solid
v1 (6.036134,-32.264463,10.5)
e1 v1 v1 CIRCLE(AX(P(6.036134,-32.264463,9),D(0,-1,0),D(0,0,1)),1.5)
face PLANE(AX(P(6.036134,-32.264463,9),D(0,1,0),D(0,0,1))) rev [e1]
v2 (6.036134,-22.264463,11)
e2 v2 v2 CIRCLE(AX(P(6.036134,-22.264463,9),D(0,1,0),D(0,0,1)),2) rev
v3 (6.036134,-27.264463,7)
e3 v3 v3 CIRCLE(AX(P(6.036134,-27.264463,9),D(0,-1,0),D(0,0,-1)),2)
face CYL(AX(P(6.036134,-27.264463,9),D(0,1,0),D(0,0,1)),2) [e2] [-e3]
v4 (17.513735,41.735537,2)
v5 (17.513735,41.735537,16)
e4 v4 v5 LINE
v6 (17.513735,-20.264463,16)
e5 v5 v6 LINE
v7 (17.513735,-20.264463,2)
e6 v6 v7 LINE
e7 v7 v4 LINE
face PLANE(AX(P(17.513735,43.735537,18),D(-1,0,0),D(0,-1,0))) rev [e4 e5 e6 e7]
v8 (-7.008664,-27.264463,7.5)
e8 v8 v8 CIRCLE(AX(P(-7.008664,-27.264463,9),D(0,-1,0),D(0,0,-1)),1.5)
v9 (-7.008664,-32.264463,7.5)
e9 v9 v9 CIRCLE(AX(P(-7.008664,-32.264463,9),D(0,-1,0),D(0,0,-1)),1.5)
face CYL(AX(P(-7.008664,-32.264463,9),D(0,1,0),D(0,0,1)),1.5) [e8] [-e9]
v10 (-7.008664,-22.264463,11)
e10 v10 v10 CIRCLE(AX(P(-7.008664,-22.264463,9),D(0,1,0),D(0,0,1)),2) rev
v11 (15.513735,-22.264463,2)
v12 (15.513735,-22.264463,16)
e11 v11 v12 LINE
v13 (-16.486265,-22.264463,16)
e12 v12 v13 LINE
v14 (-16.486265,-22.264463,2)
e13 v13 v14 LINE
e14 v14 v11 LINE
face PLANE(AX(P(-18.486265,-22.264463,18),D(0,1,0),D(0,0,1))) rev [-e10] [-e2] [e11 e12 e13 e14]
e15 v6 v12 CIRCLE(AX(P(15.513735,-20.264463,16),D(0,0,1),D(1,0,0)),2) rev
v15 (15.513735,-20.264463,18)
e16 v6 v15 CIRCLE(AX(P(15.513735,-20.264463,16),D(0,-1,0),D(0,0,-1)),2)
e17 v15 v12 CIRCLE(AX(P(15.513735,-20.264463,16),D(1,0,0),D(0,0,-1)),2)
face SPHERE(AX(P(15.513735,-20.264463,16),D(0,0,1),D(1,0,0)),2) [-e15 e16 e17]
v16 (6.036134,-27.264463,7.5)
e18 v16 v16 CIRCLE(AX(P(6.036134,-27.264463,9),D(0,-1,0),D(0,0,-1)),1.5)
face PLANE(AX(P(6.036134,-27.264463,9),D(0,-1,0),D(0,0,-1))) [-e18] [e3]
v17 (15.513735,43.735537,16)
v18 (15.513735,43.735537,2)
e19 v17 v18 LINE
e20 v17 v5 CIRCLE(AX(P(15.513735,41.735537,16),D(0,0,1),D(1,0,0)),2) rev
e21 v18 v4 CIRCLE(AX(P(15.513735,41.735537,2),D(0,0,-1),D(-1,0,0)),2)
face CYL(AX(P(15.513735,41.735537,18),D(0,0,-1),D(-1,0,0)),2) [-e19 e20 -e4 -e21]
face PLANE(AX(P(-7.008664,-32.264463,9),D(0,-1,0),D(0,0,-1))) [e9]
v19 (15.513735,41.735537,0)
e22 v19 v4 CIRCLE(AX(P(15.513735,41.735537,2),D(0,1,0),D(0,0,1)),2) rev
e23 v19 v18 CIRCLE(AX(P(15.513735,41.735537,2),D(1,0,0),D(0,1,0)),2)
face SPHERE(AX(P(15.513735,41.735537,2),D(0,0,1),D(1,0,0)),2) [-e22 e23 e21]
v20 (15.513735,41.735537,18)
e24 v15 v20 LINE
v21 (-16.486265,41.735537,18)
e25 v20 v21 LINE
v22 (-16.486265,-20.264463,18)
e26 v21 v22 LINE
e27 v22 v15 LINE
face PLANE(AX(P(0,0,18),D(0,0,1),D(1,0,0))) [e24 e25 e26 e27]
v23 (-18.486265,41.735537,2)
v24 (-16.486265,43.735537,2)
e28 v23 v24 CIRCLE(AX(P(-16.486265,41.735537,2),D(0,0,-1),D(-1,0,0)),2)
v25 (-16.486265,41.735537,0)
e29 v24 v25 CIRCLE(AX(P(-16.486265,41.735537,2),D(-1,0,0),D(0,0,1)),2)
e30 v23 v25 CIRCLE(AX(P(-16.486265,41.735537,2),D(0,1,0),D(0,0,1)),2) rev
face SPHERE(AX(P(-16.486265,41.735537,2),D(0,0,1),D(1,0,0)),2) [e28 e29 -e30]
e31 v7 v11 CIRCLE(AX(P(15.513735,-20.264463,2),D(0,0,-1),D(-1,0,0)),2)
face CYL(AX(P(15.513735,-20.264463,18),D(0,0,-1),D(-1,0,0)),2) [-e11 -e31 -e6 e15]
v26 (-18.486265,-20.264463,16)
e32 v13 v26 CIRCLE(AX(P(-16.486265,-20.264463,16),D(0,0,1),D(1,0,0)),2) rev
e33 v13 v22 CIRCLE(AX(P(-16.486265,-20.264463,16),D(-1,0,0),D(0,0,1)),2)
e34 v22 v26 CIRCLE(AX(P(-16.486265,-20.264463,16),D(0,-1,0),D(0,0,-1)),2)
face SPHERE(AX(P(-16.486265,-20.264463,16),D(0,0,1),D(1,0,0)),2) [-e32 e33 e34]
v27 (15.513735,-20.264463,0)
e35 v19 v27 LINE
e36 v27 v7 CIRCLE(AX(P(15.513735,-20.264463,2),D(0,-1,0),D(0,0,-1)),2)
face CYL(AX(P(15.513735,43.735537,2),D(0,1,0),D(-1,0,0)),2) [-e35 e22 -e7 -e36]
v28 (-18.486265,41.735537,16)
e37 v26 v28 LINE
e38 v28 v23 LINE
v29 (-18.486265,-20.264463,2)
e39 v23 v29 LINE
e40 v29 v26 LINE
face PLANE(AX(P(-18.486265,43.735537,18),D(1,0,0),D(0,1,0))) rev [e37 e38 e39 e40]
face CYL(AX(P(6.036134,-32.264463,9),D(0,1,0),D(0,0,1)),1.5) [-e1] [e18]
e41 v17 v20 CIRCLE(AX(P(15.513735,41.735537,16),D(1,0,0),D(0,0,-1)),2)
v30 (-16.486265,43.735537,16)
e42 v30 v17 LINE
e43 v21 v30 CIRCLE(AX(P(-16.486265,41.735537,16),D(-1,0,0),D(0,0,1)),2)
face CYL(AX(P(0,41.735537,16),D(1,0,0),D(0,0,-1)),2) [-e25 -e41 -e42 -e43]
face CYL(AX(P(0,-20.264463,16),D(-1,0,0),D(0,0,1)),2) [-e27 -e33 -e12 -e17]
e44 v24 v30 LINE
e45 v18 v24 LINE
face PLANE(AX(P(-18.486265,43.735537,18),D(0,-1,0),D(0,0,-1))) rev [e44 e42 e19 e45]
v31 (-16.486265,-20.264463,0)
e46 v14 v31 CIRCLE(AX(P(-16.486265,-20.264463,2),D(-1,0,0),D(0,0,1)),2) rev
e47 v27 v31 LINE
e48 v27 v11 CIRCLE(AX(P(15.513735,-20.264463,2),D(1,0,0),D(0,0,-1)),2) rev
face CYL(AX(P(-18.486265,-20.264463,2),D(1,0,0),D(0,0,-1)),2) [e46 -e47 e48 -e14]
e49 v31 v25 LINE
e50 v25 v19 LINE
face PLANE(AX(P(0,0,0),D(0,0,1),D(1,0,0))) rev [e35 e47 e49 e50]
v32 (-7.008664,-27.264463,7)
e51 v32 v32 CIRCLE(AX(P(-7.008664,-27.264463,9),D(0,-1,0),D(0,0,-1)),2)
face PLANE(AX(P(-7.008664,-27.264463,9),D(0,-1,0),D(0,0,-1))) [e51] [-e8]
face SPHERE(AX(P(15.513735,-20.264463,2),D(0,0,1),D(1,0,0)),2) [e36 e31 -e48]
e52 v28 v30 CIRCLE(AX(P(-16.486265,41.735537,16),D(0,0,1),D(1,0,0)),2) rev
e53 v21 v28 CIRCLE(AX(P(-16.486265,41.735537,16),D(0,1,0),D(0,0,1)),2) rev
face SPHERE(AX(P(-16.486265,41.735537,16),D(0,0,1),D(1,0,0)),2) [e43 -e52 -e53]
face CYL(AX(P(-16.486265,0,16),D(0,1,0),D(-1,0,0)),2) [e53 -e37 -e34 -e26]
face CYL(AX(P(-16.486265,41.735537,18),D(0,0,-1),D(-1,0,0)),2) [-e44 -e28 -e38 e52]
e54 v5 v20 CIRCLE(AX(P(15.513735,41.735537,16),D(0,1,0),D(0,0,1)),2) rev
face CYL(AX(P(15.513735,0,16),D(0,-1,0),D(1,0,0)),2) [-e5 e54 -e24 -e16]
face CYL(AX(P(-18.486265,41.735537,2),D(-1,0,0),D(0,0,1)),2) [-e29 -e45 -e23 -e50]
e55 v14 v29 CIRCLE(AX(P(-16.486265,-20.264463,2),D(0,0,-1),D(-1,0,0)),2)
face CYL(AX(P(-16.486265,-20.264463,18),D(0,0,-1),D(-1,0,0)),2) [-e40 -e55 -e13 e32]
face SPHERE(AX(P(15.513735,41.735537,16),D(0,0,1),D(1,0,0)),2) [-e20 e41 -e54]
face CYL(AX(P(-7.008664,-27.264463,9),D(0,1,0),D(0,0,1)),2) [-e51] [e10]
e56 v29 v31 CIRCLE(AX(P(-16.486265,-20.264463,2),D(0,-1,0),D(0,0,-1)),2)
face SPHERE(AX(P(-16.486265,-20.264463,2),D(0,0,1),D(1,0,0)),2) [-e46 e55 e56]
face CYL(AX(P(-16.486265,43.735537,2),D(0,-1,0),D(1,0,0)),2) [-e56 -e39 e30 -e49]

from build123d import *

# Parameters (mm, degrees)
ESQUISSE1_W        = 36
ESQUISSE1_H        = 66
BOSS_EXTRU_1_DEPTH = 18
CONG_1_R           = 2
ESQUISSE2_R        = 1.5
BOSS_EXTRU_2_DEPTH = 10
ESQUISSE3_R        = 2
ESQUISSE3_R_2      = 1.5
BOSS_EXTRU_3_DEPTH = 5


with BuildPart() as part:
    # Esquisse1 → Boss.-Extru.1 (new body)
    with BuildSketch(Plane.XY):
        with Locations((-0.486264987, 10.73553719)):
            Rectangle(ESQUISSE1_W, ESQUISSE1_H)
    extrude(amount=BOSS_EXTRU_1_DEPTH)

    # Congé1
    cong_1_edges = [part.edges().sort_by_distance(p)[0] for p in [
        (17.513735013, 10.73553719, 18),
        (-0.486264987, 43.73553719, 18),
        (-18.486264987, 10.73553719, 18),
        (-0.486264987, 43.73553719, 0),
        (17.513735013, 10.73553719, 0),
        (-0.486264987, -22.26446281, 0),
        (-18.486264987, 10.73553719, 0),
        (-0.486264987, -22.26446281, 18),
        (-18.486264987, 43.73553719, 9),
        (17.513735013, 43.73553719, 9),
        (17.513735013, -22.26446281, 9),
        (-18.486264987, -22.26446281, 9),
    ]]
    fillet(cong_1_edges, radius=CONG_1_R)

    # Esquisse2 → Boss.-Extru.2 (add)
    with BuildSketch(Plane.XZ.offset(22.26446281)):
        with Locations((-7.00866392, 9)):
            Circle(ESQUISSE2_R)
        with Locations((6.036133945, 9)):
            Circle(ESQUISSE2_R)
    extrude(amount=BOSS_EXTRU_2_DEPTH)

    # Esquisse3 → Boss.-Extru.3 (add)
    with BuildSketch(Plane.XZ.offset(22.26446281)):
        with Locations((-7.00866392, 9)):
            Circle(ESQUISSE3_R)
        with Locations((-7.00866392, 9)):
            Circle(ESQUISSE3_R_2, mode=Mode.SUBTRACT)
        with Locations((6.036133945, 9)):
            Circle(ESQUISSE3_R)
        with Locations((6.036133945, 9)):
            Circle(ESQUISSE3_R_2, mode=Mode.SUBTRACT)
    extrude(amount=BOSS_EXTRU_3_DEPTH)


solid = part.part
